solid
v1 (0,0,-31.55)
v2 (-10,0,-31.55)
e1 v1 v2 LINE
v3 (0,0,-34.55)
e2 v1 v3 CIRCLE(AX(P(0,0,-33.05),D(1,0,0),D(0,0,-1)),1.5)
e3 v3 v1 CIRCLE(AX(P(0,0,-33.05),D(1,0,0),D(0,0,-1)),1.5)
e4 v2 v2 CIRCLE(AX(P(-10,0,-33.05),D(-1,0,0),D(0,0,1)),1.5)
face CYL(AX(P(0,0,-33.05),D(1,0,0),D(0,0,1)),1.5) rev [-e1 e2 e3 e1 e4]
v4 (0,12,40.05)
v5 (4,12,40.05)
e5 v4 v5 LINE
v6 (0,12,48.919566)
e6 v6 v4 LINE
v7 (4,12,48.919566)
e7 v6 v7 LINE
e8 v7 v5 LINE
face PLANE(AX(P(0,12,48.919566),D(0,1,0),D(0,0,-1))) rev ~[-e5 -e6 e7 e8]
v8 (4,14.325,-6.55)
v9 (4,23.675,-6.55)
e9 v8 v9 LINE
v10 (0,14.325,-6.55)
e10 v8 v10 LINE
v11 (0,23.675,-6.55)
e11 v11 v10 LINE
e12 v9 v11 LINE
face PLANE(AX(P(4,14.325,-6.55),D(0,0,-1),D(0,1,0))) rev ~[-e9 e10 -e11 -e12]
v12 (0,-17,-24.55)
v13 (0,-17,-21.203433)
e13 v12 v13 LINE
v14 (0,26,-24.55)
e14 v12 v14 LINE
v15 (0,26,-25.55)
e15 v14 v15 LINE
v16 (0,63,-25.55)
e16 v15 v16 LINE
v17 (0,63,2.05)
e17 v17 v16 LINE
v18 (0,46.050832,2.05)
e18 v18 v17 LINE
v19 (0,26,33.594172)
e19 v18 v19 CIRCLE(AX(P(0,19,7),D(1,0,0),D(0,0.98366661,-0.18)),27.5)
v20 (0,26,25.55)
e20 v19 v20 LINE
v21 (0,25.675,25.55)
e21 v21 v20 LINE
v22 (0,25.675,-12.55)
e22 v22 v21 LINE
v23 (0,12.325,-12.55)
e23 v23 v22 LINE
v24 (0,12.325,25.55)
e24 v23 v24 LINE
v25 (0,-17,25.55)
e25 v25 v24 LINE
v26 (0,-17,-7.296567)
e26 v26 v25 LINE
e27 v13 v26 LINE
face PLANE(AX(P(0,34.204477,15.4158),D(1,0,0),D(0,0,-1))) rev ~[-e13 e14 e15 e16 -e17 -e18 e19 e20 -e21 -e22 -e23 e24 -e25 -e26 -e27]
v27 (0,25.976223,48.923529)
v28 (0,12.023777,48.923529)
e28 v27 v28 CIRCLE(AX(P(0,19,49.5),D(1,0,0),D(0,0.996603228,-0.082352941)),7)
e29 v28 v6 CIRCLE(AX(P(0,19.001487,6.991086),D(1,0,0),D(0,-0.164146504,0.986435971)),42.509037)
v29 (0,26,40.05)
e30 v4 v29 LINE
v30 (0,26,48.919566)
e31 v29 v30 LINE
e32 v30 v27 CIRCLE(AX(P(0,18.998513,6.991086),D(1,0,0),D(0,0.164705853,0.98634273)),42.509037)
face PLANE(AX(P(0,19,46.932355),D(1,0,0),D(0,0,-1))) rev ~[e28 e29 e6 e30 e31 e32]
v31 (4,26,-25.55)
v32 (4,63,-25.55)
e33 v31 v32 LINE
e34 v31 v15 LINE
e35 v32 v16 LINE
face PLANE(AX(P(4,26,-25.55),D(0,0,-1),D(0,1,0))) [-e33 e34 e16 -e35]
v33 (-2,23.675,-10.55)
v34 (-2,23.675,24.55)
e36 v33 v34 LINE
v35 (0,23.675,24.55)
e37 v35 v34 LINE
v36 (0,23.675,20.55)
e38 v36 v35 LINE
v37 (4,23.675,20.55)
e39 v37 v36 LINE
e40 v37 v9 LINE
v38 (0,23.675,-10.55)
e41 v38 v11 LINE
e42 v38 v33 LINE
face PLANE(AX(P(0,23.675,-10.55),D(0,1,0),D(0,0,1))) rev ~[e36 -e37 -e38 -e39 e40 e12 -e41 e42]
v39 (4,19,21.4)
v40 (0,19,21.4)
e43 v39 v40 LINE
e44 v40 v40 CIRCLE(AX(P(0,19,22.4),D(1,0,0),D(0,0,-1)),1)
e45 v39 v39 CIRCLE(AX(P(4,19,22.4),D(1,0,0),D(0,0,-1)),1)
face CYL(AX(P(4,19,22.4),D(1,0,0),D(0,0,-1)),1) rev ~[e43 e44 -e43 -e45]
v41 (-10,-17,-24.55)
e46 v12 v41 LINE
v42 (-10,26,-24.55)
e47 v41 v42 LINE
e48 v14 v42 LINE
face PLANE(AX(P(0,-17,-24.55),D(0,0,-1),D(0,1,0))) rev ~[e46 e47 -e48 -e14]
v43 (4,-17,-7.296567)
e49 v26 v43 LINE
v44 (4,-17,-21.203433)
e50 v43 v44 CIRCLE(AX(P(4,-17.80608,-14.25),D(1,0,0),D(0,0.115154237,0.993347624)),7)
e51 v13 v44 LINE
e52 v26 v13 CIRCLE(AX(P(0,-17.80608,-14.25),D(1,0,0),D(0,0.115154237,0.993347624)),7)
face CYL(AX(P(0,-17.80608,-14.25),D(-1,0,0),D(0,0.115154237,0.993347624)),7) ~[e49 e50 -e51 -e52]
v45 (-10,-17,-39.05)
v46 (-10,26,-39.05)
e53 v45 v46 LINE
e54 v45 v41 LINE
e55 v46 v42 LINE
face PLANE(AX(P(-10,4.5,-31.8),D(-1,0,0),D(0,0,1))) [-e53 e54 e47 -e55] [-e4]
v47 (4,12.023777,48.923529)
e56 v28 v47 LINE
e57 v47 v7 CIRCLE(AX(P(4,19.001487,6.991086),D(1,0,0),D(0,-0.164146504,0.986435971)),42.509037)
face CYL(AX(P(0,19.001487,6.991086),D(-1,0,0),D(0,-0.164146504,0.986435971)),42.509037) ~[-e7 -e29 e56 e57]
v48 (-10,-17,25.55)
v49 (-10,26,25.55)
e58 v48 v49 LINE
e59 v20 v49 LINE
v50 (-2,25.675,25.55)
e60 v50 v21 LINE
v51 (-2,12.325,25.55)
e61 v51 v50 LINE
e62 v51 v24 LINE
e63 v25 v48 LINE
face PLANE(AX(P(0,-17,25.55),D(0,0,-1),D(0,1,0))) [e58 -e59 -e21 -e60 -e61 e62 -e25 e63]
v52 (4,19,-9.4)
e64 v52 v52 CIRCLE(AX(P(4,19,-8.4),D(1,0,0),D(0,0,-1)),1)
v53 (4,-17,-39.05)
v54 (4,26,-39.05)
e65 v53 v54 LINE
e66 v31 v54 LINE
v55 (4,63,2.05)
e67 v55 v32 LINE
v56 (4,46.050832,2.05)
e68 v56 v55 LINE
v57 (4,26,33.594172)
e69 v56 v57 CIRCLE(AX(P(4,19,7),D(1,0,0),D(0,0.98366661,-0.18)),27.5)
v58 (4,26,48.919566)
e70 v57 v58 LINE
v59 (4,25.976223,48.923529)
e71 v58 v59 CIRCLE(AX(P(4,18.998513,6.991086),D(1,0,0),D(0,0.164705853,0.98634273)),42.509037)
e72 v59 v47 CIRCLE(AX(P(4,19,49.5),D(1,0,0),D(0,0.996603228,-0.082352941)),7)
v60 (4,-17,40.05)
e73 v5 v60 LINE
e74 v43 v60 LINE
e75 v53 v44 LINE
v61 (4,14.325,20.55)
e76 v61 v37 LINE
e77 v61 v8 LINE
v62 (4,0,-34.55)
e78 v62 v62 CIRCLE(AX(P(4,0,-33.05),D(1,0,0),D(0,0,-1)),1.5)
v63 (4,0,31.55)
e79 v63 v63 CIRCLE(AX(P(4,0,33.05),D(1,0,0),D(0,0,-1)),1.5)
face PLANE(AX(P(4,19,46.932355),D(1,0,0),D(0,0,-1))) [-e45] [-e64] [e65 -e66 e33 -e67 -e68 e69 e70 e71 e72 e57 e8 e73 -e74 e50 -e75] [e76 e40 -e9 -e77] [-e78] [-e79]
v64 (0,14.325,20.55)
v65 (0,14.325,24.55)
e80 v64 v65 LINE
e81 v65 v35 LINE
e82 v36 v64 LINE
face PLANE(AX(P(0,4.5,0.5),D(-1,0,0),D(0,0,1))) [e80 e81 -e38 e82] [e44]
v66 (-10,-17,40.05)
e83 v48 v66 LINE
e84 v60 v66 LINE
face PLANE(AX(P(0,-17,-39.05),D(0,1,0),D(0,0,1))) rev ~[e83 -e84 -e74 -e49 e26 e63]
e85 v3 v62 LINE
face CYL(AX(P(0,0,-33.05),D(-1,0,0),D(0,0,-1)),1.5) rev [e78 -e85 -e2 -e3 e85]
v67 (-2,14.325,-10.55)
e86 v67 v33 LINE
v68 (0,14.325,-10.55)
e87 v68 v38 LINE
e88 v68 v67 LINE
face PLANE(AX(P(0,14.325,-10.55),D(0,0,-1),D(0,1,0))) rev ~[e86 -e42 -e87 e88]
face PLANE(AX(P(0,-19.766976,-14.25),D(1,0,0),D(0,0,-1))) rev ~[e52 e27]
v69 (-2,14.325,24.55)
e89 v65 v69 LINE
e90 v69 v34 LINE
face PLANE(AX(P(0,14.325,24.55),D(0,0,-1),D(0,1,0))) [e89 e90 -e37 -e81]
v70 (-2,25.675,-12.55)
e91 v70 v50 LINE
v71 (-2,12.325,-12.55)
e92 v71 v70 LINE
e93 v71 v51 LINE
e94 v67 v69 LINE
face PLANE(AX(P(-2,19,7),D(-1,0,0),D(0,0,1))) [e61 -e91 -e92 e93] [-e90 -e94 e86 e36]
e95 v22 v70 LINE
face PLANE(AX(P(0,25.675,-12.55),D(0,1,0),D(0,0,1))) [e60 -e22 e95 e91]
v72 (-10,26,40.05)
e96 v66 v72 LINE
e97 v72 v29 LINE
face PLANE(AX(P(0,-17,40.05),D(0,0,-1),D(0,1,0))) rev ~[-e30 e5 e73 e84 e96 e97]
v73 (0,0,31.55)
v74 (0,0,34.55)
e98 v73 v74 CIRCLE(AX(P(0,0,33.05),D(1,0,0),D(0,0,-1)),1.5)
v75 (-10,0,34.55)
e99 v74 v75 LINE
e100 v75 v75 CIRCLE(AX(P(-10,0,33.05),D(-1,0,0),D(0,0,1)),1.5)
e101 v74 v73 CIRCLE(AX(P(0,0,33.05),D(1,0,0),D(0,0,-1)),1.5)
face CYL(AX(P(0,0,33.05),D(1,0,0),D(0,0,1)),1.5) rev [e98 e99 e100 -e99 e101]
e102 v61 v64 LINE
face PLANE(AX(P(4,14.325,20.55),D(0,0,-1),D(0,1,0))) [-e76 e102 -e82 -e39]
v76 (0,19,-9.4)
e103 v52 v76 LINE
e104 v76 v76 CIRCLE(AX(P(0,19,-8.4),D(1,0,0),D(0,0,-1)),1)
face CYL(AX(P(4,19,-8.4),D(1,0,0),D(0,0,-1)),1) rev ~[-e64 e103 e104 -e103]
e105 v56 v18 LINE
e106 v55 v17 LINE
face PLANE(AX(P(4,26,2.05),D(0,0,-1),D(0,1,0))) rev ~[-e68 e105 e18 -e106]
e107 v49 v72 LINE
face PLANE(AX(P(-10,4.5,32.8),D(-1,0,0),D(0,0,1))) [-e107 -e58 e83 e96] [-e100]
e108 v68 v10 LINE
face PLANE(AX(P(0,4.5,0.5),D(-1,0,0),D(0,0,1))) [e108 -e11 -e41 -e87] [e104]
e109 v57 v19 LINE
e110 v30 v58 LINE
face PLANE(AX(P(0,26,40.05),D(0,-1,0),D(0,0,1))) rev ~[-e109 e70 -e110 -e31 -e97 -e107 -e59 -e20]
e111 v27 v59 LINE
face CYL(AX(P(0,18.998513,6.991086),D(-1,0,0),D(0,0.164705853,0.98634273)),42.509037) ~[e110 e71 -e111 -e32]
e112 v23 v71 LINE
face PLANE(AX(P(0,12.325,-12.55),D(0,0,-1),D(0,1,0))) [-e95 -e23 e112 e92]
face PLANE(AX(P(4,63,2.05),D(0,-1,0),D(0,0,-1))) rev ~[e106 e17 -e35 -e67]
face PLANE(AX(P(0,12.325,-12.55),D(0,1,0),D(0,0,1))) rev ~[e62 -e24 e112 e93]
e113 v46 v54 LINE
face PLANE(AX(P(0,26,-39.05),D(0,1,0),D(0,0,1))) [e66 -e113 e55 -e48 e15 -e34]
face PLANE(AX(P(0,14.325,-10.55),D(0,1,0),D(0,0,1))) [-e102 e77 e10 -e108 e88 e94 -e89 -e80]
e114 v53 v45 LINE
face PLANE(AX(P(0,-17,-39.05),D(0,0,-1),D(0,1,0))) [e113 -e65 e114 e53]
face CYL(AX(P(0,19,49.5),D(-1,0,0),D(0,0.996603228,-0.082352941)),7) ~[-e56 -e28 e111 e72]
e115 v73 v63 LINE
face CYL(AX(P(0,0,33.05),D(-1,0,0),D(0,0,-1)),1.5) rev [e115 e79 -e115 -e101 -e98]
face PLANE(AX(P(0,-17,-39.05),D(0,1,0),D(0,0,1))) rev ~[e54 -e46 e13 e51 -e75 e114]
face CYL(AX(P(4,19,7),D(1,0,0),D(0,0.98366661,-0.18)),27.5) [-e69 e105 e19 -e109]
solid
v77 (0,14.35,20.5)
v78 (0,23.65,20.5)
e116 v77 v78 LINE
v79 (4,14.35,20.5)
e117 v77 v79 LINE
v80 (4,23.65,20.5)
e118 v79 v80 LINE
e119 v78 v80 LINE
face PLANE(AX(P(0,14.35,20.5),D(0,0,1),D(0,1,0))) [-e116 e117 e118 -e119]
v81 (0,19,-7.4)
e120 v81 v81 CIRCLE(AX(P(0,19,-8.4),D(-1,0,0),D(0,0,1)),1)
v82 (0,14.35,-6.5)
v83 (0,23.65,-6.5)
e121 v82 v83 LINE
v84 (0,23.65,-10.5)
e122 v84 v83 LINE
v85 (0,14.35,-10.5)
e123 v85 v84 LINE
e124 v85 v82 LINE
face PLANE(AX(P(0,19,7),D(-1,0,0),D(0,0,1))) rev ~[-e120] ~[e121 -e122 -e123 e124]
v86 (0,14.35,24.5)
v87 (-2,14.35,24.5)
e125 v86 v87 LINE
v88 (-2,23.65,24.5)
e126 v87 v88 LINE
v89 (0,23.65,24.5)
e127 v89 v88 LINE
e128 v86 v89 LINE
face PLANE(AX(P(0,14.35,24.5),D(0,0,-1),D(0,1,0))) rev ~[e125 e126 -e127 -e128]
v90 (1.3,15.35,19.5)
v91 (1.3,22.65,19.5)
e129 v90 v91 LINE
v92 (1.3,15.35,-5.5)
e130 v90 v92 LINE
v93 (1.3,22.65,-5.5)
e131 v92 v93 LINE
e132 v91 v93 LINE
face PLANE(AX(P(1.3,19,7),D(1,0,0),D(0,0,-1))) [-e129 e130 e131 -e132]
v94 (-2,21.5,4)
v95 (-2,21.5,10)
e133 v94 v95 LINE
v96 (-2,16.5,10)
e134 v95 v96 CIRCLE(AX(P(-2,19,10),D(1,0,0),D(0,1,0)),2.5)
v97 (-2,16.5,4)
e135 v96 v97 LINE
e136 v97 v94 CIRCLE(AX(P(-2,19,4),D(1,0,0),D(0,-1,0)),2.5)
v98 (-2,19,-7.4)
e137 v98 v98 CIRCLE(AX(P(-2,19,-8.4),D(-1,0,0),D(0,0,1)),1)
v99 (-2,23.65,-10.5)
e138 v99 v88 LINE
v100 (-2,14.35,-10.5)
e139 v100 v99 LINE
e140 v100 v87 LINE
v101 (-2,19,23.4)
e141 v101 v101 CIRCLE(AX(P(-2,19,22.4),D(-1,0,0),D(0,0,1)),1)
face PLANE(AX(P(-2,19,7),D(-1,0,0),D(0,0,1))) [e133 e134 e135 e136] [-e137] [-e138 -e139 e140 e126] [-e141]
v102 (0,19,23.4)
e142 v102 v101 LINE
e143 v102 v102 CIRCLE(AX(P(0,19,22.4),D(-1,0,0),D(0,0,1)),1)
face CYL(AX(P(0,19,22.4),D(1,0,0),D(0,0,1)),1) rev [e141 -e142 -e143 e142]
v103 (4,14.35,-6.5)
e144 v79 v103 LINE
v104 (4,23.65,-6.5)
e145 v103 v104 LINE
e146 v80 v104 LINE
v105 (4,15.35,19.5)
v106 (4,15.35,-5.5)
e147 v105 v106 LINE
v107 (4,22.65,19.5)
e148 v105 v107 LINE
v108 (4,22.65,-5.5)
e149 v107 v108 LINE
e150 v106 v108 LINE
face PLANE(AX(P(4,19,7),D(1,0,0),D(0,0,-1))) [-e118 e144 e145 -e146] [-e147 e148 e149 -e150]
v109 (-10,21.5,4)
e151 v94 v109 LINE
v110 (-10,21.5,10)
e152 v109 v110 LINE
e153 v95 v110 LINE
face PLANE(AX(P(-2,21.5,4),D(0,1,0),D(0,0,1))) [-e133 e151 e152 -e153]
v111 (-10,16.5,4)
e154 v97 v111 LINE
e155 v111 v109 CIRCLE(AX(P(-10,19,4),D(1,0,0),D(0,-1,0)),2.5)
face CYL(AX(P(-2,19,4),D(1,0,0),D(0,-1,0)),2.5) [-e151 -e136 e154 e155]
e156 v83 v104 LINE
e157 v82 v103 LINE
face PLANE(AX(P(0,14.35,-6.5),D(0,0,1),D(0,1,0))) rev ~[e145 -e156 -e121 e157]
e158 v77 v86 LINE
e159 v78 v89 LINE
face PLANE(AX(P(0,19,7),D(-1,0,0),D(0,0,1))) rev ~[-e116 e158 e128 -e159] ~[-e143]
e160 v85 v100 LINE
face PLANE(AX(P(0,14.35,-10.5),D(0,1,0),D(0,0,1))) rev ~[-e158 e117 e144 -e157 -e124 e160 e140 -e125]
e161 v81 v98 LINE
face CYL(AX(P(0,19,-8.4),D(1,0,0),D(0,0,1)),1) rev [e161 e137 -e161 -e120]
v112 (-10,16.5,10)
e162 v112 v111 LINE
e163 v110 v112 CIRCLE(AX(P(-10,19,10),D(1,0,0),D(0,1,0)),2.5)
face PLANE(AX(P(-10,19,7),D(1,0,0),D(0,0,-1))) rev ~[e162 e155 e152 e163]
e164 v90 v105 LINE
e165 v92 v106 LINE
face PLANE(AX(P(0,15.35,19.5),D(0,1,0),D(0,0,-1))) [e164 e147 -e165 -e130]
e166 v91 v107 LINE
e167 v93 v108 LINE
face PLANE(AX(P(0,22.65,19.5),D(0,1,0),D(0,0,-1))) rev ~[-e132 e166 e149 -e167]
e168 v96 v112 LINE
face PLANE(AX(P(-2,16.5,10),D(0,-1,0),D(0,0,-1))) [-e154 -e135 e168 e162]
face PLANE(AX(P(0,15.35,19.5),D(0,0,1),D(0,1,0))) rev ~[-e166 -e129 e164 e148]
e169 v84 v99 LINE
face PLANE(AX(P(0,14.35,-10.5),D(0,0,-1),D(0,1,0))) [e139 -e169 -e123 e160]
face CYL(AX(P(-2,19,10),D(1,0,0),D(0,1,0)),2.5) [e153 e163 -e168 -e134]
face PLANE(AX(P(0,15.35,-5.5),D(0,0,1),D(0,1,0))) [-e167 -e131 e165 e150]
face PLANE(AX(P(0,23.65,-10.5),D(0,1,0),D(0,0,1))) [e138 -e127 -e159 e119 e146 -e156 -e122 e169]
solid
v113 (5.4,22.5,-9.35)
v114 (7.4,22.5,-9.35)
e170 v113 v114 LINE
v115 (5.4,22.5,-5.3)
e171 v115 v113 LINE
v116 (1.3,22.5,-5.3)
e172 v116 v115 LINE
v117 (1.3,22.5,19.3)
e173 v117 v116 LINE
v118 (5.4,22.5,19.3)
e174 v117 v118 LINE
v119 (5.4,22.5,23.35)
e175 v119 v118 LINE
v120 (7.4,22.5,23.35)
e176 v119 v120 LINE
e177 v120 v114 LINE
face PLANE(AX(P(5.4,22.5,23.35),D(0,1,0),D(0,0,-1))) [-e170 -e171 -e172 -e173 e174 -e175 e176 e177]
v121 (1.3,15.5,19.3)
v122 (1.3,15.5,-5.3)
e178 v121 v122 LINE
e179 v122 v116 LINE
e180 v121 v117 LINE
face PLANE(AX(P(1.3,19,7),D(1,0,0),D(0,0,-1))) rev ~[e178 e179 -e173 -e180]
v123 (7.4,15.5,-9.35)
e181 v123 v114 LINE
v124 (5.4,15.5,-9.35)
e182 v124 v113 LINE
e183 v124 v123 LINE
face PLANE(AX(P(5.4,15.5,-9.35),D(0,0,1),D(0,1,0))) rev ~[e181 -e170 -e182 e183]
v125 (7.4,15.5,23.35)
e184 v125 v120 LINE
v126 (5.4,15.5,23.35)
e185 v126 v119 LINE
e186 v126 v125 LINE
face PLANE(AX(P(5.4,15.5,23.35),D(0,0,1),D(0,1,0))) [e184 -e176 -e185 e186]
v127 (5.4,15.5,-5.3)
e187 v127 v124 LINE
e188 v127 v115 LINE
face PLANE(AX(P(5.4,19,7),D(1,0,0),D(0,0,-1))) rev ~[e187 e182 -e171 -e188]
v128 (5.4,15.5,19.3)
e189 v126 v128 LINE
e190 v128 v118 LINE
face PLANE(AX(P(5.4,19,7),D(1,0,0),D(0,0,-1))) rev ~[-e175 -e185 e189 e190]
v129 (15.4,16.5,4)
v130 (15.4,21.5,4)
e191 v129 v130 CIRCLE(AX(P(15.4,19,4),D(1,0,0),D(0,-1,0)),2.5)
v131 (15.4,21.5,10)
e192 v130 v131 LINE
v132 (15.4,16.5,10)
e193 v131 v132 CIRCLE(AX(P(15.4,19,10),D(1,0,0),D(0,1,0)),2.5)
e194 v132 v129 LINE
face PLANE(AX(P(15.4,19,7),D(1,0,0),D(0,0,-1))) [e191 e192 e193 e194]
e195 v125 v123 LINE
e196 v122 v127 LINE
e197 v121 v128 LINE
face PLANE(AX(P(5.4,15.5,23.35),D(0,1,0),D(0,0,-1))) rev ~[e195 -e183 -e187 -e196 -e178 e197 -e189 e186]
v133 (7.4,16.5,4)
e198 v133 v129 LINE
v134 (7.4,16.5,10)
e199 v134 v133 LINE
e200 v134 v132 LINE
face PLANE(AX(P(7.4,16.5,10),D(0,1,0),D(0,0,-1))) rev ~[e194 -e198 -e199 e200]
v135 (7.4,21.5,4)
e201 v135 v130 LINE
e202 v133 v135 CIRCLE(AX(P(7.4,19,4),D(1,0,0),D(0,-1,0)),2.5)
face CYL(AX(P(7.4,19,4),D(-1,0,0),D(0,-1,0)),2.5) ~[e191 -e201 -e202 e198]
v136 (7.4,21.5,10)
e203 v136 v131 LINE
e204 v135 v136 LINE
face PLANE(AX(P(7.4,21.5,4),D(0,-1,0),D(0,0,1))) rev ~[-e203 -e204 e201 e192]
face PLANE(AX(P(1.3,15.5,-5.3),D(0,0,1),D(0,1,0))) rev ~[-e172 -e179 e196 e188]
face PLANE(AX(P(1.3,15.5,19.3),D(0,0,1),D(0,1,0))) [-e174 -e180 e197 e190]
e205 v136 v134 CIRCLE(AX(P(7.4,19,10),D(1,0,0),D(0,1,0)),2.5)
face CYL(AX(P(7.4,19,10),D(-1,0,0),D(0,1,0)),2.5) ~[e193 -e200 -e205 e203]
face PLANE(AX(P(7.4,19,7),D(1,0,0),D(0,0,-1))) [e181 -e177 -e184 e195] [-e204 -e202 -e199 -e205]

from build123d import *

# Parameters (mm, degrees)
SKETCH1_R            = 1.5
BOSS_EXTRUDE1_DEPTH  = 4
SKETCH2_W            = 27.1
SKETCH2_H            = 9.35
CUT_EXTRUDE1_DEPTH   = 5
SKETCH3_R            = 1
CUT_EXTRUDE2_DEPTH   = 5
SKETCH4_W            = 14.5
SKETCH4_H            = 43
SKETCH4_R            = 1.5
BOSS_EXTRUDE2_DEPTH  = 10
SKETCH5_W            = 35
SKETCH5_H            = 9.3
SKETCH5_R            = 1
BOSS_EXTRUDE3_DEPTH  = 2
SKETCH6_W            = 27
SKETCH6_H            = 9.3
SKETCH6_W_2          = 25
SKETCH6_H_2          = 7.3
BOSS_EXTRUDE4_DEPTH  = 4
BOSS_EXTRUDE5_DEPTH  = 8
SKETCH8_W            = 39.1
SKETCH8_H            = 13.35
SKETCH8_W_2          = 35.1
SKETCH8_H_2          = 9.35
BOSS_EXTRUDE6_DEPTH  = 2
SKETCH10_W           = 25
SKETCH10_H           = 7.3
BOSS_EXTRUDE7_DEPTH  = 1.3
SKETCH11_W           = 24.6
SKETCH11_H           = 7
BOSS_EXTRUDE8_DEPTH  = 4.1
SKETCH12_W           = 32.7
SKETCH12_H           = 7
BOSS_EXTRUDE9_DEPTH  = 2
BOSS_EXTRUDE10_DEPTH = 8
SKETCH15_W           = 27.6
SKETCH15_H           = 37
BOSS_EXTRUDE11_DEPTH = 4
BOSS_EXTRUDE12_DEPTH = 4
BOSS_EXTRUDE13_START = -4
BOSS_EXTRUDE13_DEPTH = 4


with BuildPart() as part:
    # Sketch1 → Boss-Extrude1 (new body)
    with BuildSketch(Plane(origin=(0, 0, 0), x_dir=(0, 0, -1), z_dir=(1, 0, 0))):
        Polygon((39.05, 17), (39.05, -17), (-40.05, -17), (-40.05, 17), (-40.05, 26), (39.05, 26), align=None)
        with Locations((-33.05, 0)):
            Circle(SKETCH1_R, mode=Mode.SUBTRACT)
        with Locations((33.05, 0)):
            Circle(SKETCH1_R, mode=Mode.SUBTRACT)
    extrude(amount=BOSS_EXTRUDE1_DEPTH)

    # Sketch2 → Cut-Extrude1 (cut, through all)
    with BuildSketch(Plane(origin=(4, 0, 0), x_dir=(0, 0, -1), z_dir=(1, 0, 0))):
        with Locations((-7, 19)):
            Rectangle(SKETCH2_W, SKETCH2_H)
    extrude(amount=-CUT_EXTRUDE1_DEPTH, mode=Mode.SUBTRACT)

    # Sketch3 → Cut-Extrude2 (cut, through all)
    with BuildSketch(Plane(origin=(4, 0, 0), x_dir=(0, 0, -1), z_dir=(1, 0, 0))):
        with Locations((-22.4, 19)):
            Circle(SKETCH3_R)
        with Locations((8.4, 19)):
            Circle(SKETCH3_R)
    extrude(amount=-CUT_EXTRUDE2_DEPTH, mode=Mode.SUBTRACT)

    # Sketch4 → Boss-Extrude2 (add)
    with BuildSketch(Plane.ZY):
        with Locations((-31.8, 4.5)):
            Rectangle(SKETCH4_W, SKETCH4_H)
        with Locations((-33.05, 0)):
            Circle(SKETCH4_R, mode=Mode.SUBTRACT)
        with Locations((32.8, 4.5)):
            Rectangle(SKETCH4_W, SKETCH4_H)
        with Locations((33.05, 0)):
            Circle(SKETCH4_R, mode=Mode.SUBTRACT)
    extrude(amount=BOSS_EXTRUDE2_DEPTH)

    # Sketch8 → Boss-Extrude6 (add)
    with BuildSketch(Plane.ZY):
        with Locations((7, 19)):
            Rectangle(SKETCH8_W, SKETCH8_H)
        with Locations((7, 19)):
            Rectangle(SKETCH8_W_2, SKETCH8_H_2, mode=Mode.SUBTRACT)
    extrude(amount=BOSS_EXTRUDE6_DEPTH)

    # Sketch15 → Boss-Extrude11 (add)
    with BuildSketch(Plane(origin=(4, 0, 0), x_dir=(0, 0, -1), z_dir=(1, 0, 0))):
        with Locations((11.75, 44.5)):
            Rectangle(SKETCH15_W, SKETCH15_H)
    extrude(amount=-BOSS_EXTRUDE11_DEPTH)

    # Sketch16 → Boss-Extrude12 (add)
    with BuildSketch(Plane(origin=(4, 0, 0), x_dir=(0, 0, -1), z_dir=(1, 0, 0))):
        with BuildLine():
            Line((-33.594172294, 26), (-2.05, 26))
            Line((-2.05, 26), (-2.05, 46.05083178))
            ThreePointArc((-2.05, 46.05083178), (-21.75216975, 42.208263349), (-33.594172294, 26))
        make_face()
    extrude(amount=-BOSS_EXTRUDE12_DEPTH)

    # Sketch17 → Boss-Extrude13 (add)
    with BuildSketch(Plane(origin=(4, 0, 0), x_dir=(0, 0, -1), z_dir=(1, 0, 0)).offset(BOSS_EXTRUDE13_START)):
        with BuildLine():
            ThreePointArc((-48.923529412, 25.976222593), (-56.5, 19), (-48.923529412, 12.023777407))
            ThreePointArc((-48.923529412, 12.023777407), (-48.92154931, 12.011888423), (-48.919565837, 12))
            Line((-48.919565837, 12), (-40.05, 12))
            Line((-40.05, 12), (-40.05, 26))
            Line((-40.05, 26), (-48.919565837, 26))
            ThreePointArc((-48.919565837, 26), (-48.92154931, 25.988111577), (-48.923529412, 25.976222593))
        make_face()
        with BuildLine():
            ThreePointArc((7.296566634, -17), (14.25, -24.806079661), (21.203433366, -17))
            Line((21.203433366, -17), (7.296566634, -17))
        make_face()
    extrude(amount=BOSS_EXTRUDE13_DEPTH)


with BuildPart() as body_2:
    # Sketch5 → Boss-Extrude3 (new body)
    with BuildSketch(Plane.ZY):
        with Locations((7, 19)):
            Rectangle(SKETCH5_W, SKETCH5_H)
        with Locations((-8.4, 19)):
            Circle(SKETCH5_R, mode=Mode.SUBTRACT)
        with Locations((22.4, 19)):
            Circle(SKETCH5_R, mode=Mode.SUBTRACT)
    extrude(amount=BOSS_EXTRUDE3_DEPTH)

    # Sketch6 → Boss-Extrude4 (add)
    with BuildSketch(Plane(origin=(0, 0, 0), x_dir=(0, 0, -1), z_dir=(1, 0, 0))):
        with Locations((-7, 19)):
            Rectangle(SKETCH6_W, SKETCH6_H)
        with Locations((-7, 19)):
            Rectangle(SKETCH6_W_2, SKETCH6_H_2, mode=Mode.SUBTRACT)
    extrude(amount=BOSS_EXTRUDE4_DEPTH)

    # Sketch7 → Boss-Extrude5 (add)
    with BuildSketch(Plane.ZY.offset(2)):
        with BuildLine():
            Line((4, 21.5), (10, 21.5))
            ThreePointArc((10, 21.5), (12.5, 19), (10, 16.5))
            Line((10, 16.5), (4, 16.5))
            ThreePointArc((4, 16.5), (1.5, 19), (4, 21.5))
        make_face()
    extrude(amount=BOSS_EXTRUDE5_DEPTH)

    # Sketch10 → Boss-Extrude7 (add)
    with BuildSketch(Plane(origin=(0, 0, 0), x_dir=(0, 0, -1), z_dir=(1, 0, 0))):
        with Locations((-7, 19)):
            Rectangle(SKETCH10_W, SKETCH10_H)
    extrude(amount=BOSS_EXTRUDE7_DEPTH)


with BuildPart() as body_3:
    # Sketch11 → Boss-Extrude8 (new body)
    with BuildSketch(Plane(origin=(1.3, 0, 0), x_dir=(0, 0, -1), z_dir=(1, 0, 0))):
        with Locations((-7, 19)):
            Rectangle(SKETCH11_W, SKETCH11_H)
    extrude(amount=BOSS_EXTRUDE8_DEPTH)

    # Sketch12 → Boss-Extrude9 (add)
    with BuildSketch(Plane(origin=(5.4, 0, 0), x_dir=(0, 0, -1), z_dir=(1, 0, 0))):
        with Locations((-7, 19)):
            Rectangle(SKETCH12_W, SKETCH12_H)
    extrude(amount=BOSS_EXTRUDE9_DEPTH)

    # Sketch13 → Boss-Extrude10 (add)
    with BuildSketch(Plane(origin=(7.4, 0, 0), x_dir=(0, 0, -1), z_dir=(1, 0, 0))):
        with BuildLine():
            Line((-10, 16.5), (-4, 16.5))
            ThreePointArc((-4, 16.5), (-1.5, 19), (-4, 21.5))
            Line((-4, 21.5), (-10, 21.5))
            ThreePointArc((-10, 21.5), (-12.5, 19), (-10, 16.5))
        make_face()
    extrude(amount=BOSS_EXTRUDE10_DEPTH)


solid = Compound([part.part, body_2.part, body_3.part])
